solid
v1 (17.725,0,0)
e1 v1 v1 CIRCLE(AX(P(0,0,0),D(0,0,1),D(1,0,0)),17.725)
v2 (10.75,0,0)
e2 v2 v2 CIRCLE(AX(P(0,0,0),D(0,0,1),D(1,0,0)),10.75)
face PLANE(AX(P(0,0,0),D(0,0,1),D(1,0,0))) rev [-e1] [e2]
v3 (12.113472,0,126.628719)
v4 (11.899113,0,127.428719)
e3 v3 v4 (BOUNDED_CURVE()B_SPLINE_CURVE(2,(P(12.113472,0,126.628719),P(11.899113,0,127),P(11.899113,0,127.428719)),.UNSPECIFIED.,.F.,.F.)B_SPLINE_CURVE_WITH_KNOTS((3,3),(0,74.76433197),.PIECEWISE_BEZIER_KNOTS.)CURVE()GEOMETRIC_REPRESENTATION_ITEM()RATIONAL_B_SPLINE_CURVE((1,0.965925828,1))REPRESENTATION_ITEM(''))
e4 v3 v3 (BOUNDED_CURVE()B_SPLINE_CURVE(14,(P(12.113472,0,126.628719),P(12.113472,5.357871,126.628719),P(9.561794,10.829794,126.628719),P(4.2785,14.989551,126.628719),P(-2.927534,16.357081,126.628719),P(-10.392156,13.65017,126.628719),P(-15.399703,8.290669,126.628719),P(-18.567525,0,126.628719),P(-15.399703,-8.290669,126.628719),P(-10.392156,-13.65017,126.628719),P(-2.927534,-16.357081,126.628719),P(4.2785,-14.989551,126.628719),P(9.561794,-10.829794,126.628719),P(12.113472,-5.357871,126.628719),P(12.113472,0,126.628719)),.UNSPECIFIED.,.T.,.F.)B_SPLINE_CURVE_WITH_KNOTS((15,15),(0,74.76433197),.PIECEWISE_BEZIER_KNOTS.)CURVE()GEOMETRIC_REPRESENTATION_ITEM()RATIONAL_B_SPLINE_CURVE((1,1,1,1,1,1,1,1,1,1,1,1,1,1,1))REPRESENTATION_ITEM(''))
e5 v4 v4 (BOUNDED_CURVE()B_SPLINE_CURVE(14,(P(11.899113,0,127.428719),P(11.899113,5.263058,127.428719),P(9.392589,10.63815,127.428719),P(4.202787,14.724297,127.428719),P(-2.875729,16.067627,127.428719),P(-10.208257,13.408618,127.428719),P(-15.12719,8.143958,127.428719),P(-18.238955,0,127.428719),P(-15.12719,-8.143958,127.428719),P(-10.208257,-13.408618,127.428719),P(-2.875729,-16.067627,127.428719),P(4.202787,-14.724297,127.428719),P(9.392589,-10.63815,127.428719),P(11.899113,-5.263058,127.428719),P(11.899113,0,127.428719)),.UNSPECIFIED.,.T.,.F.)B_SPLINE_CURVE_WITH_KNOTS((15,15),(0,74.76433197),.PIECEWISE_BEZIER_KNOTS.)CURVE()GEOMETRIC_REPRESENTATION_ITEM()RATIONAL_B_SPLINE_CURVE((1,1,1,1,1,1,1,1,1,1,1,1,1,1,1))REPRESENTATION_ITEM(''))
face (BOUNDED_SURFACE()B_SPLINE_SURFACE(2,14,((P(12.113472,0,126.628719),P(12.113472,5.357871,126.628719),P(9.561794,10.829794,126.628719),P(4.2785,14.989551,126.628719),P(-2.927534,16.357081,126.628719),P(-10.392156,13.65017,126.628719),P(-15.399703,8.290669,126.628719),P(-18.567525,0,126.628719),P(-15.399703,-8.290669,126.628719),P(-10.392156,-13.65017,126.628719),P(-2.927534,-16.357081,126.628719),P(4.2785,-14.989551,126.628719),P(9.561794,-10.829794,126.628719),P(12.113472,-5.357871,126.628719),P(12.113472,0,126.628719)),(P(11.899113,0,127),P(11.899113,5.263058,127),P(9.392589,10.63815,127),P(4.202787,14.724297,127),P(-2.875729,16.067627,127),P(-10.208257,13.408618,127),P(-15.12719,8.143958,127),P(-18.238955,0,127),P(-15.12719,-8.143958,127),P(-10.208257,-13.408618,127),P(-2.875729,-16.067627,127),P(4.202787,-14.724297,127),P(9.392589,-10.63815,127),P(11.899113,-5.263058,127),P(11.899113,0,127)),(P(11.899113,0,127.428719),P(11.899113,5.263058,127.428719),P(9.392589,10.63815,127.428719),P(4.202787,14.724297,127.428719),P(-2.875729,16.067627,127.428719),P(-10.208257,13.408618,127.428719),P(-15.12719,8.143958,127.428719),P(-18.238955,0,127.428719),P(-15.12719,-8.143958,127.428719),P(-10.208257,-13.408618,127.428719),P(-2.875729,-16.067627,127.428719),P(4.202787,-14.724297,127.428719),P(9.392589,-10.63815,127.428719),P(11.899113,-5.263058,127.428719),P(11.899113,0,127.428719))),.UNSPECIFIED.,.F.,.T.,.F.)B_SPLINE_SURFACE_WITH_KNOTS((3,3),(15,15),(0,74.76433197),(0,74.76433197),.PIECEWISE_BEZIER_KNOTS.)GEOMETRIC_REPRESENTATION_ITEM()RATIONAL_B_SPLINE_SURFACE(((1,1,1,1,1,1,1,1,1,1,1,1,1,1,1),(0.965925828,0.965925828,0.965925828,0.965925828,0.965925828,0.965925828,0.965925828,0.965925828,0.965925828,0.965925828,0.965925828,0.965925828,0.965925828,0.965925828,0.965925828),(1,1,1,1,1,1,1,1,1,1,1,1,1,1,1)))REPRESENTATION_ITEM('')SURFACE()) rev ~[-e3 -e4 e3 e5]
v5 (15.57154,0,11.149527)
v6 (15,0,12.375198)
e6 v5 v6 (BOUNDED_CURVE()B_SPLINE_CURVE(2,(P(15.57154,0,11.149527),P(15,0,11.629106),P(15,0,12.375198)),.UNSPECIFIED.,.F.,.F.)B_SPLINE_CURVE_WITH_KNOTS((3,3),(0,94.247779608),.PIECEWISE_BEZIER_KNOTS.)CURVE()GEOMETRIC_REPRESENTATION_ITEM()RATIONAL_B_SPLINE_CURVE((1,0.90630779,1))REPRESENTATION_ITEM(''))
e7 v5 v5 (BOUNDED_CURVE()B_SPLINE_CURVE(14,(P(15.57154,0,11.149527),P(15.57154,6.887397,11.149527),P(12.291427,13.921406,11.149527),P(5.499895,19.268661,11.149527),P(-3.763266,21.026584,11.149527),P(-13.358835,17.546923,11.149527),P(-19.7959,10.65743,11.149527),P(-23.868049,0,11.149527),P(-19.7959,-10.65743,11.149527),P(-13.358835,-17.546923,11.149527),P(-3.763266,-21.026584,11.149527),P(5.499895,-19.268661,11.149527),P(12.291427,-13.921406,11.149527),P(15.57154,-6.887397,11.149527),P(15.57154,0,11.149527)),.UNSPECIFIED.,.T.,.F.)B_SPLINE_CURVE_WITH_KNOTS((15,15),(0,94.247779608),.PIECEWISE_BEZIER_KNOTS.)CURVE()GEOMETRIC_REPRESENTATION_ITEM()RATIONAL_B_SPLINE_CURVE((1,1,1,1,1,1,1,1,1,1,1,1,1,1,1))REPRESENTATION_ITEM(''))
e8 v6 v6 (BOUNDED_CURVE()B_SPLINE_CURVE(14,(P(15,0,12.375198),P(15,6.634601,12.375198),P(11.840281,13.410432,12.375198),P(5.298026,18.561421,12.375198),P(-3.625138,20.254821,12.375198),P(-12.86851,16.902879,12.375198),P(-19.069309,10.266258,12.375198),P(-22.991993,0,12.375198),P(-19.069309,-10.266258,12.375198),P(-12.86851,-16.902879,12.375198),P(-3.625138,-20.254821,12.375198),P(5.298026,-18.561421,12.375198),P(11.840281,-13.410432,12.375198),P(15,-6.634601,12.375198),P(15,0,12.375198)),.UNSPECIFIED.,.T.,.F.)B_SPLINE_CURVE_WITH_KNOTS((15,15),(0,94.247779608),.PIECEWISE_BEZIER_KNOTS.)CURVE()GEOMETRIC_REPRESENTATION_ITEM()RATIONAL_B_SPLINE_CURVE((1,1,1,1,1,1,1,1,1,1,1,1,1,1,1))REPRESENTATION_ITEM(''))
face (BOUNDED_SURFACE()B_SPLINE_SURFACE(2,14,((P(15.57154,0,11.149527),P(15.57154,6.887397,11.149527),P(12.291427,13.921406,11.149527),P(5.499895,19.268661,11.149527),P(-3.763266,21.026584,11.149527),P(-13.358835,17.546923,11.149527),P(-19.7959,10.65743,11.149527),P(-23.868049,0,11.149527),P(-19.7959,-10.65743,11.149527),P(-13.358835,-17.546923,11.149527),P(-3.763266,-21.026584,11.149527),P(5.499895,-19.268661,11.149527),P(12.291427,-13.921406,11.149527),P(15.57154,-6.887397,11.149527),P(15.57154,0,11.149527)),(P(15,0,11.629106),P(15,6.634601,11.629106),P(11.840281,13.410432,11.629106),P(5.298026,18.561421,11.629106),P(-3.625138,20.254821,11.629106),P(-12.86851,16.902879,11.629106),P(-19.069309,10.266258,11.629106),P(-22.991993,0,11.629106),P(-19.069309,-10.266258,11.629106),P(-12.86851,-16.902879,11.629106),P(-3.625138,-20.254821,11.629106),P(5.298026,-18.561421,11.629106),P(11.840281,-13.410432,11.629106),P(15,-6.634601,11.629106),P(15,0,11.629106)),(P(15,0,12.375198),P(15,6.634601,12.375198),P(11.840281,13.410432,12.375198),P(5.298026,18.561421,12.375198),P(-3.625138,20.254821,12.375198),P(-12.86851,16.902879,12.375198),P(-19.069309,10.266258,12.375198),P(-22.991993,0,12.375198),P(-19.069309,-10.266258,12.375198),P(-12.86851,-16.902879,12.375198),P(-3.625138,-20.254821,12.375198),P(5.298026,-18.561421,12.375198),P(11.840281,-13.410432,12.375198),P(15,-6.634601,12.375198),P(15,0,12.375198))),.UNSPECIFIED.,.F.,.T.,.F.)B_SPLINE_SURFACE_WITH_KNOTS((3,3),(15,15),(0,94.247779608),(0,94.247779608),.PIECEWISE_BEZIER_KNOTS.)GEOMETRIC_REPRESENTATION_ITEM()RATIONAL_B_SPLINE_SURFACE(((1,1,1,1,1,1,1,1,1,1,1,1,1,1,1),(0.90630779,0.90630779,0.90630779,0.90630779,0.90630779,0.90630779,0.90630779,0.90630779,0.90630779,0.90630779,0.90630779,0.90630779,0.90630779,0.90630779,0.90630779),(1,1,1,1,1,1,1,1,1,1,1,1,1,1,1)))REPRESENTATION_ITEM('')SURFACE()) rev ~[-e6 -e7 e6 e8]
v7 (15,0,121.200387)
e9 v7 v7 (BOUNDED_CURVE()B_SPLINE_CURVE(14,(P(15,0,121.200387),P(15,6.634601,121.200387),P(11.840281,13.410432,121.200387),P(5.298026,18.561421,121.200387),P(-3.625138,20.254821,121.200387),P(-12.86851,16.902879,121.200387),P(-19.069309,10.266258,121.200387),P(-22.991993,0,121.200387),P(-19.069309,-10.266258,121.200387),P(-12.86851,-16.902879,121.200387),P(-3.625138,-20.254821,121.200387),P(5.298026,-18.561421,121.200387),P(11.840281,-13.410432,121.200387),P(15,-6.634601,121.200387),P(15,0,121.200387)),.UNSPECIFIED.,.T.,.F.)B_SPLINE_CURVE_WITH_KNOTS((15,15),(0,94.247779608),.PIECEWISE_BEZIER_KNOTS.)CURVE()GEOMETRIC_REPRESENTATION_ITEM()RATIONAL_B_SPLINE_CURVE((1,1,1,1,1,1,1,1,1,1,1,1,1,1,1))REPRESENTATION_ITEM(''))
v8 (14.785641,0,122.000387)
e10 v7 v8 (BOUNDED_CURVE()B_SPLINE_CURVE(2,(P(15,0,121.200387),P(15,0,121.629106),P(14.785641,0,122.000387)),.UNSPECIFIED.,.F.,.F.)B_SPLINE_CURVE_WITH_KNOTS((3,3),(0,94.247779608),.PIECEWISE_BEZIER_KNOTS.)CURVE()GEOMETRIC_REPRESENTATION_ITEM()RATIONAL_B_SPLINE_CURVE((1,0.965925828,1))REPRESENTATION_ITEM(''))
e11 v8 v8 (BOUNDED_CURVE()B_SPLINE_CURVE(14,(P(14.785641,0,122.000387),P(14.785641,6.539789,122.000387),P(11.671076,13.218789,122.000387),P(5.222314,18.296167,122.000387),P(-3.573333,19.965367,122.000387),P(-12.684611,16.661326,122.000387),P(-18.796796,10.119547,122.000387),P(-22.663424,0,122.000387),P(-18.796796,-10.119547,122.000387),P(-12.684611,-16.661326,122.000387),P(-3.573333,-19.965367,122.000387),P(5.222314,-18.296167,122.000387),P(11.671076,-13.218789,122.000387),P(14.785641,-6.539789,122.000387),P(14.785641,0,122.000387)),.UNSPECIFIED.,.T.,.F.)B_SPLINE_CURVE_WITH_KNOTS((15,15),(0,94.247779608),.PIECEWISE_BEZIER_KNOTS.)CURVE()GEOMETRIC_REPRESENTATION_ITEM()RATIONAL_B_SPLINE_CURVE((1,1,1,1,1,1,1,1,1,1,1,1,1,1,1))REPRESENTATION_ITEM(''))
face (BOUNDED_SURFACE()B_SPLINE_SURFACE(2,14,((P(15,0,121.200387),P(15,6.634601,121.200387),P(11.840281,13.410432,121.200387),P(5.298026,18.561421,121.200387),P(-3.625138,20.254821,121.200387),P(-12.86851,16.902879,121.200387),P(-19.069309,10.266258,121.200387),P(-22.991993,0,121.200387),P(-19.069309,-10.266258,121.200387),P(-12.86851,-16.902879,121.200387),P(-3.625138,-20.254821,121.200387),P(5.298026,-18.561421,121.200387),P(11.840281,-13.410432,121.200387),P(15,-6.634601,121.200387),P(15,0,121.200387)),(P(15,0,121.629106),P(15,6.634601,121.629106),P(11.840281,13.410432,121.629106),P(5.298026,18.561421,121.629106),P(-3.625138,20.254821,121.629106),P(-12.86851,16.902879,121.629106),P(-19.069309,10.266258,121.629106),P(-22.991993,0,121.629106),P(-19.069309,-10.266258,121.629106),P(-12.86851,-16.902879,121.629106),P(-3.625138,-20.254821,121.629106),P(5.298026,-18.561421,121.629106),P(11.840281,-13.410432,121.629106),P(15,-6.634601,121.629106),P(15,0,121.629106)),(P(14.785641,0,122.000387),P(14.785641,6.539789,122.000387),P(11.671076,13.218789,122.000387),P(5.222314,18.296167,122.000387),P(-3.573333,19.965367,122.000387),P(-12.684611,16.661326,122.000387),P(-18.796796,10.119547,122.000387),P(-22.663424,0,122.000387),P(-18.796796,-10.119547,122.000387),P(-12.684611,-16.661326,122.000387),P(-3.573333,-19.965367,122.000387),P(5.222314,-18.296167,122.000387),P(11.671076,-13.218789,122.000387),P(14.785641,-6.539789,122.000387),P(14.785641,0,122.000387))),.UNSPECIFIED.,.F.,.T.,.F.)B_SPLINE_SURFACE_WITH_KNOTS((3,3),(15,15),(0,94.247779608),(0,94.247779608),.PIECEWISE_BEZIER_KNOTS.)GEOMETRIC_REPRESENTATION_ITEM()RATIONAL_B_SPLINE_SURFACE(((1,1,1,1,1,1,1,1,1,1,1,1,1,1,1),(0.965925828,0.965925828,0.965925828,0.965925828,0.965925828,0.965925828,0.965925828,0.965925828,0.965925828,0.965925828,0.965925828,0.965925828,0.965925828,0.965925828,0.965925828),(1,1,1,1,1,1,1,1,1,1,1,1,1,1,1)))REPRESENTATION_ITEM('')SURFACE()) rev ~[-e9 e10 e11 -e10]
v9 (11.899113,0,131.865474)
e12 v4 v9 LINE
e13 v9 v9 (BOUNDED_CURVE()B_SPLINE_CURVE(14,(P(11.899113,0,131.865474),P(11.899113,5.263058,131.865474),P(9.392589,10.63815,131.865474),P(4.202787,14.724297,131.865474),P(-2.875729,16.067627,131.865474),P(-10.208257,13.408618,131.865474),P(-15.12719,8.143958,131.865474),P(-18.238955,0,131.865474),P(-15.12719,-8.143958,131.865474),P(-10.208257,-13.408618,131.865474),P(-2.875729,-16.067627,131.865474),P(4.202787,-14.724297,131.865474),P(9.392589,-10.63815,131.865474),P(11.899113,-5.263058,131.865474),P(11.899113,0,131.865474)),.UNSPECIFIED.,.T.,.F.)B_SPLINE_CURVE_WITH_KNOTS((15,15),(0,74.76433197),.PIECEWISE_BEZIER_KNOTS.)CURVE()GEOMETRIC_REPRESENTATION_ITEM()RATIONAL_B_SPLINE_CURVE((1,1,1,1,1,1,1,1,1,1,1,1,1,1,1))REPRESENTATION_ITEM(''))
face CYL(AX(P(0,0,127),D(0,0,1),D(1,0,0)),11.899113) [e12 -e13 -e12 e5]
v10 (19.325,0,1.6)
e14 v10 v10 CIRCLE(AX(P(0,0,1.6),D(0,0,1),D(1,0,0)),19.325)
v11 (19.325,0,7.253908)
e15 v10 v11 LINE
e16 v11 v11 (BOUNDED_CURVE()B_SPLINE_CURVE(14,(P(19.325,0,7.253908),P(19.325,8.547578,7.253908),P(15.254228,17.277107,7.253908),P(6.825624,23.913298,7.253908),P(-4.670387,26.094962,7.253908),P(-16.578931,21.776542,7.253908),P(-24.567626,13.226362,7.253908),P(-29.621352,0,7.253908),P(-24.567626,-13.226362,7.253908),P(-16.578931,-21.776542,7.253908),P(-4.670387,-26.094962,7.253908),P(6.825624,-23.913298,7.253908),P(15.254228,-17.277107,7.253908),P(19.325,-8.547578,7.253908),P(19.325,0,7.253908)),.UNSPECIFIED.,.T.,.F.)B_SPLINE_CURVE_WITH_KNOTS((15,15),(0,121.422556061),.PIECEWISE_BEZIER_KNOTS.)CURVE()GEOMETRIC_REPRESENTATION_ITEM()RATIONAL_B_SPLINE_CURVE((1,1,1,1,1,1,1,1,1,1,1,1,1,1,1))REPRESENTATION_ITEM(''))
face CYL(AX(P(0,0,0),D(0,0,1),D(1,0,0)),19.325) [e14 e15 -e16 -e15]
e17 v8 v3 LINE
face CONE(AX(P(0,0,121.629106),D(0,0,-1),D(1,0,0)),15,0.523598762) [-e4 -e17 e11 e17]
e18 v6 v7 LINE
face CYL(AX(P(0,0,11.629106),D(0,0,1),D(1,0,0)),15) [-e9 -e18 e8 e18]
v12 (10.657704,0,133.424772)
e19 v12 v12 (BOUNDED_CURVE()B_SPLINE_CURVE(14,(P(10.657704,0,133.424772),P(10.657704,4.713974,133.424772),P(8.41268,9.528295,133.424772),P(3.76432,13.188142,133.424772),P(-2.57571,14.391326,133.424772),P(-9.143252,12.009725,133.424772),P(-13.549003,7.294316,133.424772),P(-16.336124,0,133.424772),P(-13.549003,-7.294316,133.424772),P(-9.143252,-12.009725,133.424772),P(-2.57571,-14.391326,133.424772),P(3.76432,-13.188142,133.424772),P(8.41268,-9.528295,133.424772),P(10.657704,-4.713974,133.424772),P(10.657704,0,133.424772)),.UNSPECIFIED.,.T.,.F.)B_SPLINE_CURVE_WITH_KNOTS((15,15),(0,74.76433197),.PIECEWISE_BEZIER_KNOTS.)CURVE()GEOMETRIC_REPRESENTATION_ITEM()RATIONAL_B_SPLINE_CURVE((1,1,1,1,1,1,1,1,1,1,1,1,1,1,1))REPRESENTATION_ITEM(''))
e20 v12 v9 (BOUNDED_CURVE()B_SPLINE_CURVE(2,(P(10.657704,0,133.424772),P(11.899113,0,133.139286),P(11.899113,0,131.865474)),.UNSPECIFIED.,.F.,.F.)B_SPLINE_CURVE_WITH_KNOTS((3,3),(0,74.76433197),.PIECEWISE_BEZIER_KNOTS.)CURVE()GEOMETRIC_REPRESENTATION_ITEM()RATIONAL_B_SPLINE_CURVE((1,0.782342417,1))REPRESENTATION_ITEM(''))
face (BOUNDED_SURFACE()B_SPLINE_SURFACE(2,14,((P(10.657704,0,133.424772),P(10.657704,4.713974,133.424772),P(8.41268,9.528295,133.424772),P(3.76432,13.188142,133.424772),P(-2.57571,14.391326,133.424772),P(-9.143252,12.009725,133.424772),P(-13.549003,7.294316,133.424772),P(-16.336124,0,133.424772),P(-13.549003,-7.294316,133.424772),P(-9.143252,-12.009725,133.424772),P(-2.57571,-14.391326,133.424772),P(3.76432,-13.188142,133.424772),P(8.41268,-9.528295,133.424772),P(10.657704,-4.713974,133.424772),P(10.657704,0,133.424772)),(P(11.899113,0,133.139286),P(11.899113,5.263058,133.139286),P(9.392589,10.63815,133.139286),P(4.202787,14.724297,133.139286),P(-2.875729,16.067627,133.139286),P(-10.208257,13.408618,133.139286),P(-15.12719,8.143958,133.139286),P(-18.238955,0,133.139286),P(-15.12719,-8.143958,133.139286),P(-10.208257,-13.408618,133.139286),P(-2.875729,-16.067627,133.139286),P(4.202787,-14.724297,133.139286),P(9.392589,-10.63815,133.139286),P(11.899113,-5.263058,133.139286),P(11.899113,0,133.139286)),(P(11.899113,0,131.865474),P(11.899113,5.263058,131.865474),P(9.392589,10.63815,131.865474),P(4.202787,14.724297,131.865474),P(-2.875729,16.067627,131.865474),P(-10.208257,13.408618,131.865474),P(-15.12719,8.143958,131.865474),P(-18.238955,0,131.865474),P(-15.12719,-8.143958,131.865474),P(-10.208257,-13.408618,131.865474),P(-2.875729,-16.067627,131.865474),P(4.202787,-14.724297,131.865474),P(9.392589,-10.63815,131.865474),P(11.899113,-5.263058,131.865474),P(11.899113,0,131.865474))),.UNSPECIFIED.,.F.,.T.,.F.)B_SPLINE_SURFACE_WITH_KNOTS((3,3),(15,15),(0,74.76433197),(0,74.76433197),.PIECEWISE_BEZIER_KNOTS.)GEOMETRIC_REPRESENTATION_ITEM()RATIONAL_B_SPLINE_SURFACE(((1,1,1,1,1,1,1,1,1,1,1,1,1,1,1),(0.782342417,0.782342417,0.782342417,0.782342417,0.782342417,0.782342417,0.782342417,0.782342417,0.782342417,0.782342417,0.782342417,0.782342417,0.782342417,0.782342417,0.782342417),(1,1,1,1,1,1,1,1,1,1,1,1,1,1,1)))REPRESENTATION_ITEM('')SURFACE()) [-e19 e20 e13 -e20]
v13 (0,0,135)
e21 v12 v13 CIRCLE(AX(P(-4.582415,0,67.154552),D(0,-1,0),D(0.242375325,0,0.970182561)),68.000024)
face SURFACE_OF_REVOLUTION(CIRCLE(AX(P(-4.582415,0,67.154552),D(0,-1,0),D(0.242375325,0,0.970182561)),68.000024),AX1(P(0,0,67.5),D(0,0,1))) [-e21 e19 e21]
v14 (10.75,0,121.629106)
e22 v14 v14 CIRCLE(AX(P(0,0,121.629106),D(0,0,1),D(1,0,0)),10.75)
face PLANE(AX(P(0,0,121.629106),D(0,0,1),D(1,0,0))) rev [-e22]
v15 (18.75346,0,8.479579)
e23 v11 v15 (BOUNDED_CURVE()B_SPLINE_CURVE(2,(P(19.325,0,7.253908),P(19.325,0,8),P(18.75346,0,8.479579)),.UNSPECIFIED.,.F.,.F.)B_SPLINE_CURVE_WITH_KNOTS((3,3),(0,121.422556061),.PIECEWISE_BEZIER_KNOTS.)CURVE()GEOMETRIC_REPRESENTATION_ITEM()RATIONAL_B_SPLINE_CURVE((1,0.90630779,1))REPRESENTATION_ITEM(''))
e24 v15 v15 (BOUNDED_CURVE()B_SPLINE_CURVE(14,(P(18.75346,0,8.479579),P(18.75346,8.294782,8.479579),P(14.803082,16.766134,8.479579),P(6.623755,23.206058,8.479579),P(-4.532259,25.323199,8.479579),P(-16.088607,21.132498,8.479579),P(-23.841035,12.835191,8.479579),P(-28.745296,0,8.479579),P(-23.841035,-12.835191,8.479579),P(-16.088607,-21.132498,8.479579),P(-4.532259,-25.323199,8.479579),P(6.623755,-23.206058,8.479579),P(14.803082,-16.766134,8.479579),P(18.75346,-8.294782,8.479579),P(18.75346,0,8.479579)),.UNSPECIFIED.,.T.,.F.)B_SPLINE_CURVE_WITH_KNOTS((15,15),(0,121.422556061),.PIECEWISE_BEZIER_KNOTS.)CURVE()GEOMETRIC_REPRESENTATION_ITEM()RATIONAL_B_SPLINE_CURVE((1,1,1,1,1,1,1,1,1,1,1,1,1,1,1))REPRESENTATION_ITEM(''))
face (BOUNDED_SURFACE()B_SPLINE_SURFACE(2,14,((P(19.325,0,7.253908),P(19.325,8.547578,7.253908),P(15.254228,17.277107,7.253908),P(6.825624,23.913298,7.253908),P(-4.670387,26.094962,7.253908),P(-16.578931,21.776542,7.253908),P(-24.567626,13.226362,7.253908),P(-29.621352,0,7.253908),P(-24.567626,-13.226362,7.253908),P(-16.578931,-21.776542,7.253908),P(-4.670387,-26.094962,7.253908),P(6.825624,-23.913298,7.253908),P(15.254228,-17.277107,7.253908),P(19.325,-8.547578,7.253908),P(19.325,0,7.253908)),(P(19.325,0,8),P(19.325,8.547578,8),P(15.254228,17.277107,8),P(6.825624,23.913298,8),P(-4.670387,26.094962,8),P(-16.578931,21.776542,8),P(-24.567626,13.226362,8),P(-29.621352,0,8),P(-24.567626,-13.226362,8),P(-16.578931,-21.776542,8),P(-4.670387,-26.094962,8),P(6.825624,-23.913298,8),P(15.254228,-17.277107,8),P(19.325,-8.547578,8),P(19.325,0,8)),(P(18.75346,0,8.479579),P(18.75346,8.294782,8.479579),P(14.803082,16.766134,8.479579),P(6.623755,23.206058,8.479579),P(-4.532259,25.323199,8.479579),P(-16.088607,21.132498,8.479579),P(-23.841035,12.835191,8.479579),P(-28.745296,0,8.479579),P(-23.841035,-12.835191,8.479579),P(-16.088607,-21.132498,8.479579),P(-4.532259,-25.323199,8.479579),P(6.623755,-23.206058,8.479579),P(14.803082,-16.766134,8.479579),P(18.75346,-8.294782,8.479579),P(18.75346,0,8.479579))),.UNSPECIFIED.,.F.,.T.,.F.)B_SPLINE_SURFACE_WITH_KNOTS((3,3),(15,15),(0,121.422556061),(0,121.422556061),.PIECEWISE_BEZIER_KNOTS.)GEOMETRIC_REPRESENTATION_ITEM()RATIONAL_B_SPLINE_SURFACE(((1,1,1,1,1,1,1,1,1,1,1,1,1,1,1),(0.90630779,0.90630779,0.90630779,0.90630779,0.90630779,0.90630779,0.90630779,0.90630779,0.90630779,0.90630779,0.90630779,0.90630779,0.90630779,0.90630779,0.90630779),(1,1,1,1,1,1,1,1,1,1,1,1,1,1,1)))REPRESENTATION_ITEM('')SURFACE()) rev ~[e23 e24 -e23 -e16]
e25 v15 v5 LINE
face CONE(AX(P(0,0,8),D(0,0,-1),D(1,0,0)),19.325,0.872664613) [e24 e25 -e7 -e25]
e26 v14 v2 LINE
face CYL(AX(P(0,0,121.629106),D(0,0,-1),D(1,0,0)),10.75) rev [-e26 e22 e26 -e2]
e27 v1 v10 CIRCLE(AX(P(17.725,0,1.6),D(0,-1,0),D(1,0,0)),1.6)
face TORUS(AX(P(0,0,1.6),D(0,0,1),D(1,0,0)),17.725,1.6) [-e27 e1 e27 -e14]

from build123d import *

# Parameters (mm, degrees)
F2_R = 1.6


with BuildPart() as f1:
    # F0 (on Front) → F1 (revolve)
    with BuildSketch(Plane.XZ):
        with BuildLine():
            ThreePointArc((11.899113, 133.12699), (5.991112, 134.327492), (0, 135))
            Line((0, 135), (0, 121.629106))
            Line((0, 121.629106), (10.75, 121.629106))
            Line((10.75, 121.629106), (10.75, 0))
            Line((10.75, 0), (19.325, 0))
            Line((19.325, 0), (19.325, 8))
            Line((19.325, 8), (15, 11.629106))
            Line((15, 11.629106), (15, 121.629106))
            Line((15, 121.629106), (11.899113, 127))
            Line((11.899113, 127), (11.899113, 133.12699))
        make_face()
    revolve(axis=Axis((0, 0, 67.5), (0, 0, 1)))

    # F2
    f2_edges = [f1.edges().sort_by_distance(p)[0] for p in [
        (-11.899113, 0, 133.12699),
        (-11.899113, 0, 127),
        (-15, 0, 121.629106),
        (-15, 0, 11.629106),
        (-19.325, 0, 8),
        (-19.325, 0, 0),
    ]]
    fillet(f2_edges, radius=F2_R)


solid = f1.part
